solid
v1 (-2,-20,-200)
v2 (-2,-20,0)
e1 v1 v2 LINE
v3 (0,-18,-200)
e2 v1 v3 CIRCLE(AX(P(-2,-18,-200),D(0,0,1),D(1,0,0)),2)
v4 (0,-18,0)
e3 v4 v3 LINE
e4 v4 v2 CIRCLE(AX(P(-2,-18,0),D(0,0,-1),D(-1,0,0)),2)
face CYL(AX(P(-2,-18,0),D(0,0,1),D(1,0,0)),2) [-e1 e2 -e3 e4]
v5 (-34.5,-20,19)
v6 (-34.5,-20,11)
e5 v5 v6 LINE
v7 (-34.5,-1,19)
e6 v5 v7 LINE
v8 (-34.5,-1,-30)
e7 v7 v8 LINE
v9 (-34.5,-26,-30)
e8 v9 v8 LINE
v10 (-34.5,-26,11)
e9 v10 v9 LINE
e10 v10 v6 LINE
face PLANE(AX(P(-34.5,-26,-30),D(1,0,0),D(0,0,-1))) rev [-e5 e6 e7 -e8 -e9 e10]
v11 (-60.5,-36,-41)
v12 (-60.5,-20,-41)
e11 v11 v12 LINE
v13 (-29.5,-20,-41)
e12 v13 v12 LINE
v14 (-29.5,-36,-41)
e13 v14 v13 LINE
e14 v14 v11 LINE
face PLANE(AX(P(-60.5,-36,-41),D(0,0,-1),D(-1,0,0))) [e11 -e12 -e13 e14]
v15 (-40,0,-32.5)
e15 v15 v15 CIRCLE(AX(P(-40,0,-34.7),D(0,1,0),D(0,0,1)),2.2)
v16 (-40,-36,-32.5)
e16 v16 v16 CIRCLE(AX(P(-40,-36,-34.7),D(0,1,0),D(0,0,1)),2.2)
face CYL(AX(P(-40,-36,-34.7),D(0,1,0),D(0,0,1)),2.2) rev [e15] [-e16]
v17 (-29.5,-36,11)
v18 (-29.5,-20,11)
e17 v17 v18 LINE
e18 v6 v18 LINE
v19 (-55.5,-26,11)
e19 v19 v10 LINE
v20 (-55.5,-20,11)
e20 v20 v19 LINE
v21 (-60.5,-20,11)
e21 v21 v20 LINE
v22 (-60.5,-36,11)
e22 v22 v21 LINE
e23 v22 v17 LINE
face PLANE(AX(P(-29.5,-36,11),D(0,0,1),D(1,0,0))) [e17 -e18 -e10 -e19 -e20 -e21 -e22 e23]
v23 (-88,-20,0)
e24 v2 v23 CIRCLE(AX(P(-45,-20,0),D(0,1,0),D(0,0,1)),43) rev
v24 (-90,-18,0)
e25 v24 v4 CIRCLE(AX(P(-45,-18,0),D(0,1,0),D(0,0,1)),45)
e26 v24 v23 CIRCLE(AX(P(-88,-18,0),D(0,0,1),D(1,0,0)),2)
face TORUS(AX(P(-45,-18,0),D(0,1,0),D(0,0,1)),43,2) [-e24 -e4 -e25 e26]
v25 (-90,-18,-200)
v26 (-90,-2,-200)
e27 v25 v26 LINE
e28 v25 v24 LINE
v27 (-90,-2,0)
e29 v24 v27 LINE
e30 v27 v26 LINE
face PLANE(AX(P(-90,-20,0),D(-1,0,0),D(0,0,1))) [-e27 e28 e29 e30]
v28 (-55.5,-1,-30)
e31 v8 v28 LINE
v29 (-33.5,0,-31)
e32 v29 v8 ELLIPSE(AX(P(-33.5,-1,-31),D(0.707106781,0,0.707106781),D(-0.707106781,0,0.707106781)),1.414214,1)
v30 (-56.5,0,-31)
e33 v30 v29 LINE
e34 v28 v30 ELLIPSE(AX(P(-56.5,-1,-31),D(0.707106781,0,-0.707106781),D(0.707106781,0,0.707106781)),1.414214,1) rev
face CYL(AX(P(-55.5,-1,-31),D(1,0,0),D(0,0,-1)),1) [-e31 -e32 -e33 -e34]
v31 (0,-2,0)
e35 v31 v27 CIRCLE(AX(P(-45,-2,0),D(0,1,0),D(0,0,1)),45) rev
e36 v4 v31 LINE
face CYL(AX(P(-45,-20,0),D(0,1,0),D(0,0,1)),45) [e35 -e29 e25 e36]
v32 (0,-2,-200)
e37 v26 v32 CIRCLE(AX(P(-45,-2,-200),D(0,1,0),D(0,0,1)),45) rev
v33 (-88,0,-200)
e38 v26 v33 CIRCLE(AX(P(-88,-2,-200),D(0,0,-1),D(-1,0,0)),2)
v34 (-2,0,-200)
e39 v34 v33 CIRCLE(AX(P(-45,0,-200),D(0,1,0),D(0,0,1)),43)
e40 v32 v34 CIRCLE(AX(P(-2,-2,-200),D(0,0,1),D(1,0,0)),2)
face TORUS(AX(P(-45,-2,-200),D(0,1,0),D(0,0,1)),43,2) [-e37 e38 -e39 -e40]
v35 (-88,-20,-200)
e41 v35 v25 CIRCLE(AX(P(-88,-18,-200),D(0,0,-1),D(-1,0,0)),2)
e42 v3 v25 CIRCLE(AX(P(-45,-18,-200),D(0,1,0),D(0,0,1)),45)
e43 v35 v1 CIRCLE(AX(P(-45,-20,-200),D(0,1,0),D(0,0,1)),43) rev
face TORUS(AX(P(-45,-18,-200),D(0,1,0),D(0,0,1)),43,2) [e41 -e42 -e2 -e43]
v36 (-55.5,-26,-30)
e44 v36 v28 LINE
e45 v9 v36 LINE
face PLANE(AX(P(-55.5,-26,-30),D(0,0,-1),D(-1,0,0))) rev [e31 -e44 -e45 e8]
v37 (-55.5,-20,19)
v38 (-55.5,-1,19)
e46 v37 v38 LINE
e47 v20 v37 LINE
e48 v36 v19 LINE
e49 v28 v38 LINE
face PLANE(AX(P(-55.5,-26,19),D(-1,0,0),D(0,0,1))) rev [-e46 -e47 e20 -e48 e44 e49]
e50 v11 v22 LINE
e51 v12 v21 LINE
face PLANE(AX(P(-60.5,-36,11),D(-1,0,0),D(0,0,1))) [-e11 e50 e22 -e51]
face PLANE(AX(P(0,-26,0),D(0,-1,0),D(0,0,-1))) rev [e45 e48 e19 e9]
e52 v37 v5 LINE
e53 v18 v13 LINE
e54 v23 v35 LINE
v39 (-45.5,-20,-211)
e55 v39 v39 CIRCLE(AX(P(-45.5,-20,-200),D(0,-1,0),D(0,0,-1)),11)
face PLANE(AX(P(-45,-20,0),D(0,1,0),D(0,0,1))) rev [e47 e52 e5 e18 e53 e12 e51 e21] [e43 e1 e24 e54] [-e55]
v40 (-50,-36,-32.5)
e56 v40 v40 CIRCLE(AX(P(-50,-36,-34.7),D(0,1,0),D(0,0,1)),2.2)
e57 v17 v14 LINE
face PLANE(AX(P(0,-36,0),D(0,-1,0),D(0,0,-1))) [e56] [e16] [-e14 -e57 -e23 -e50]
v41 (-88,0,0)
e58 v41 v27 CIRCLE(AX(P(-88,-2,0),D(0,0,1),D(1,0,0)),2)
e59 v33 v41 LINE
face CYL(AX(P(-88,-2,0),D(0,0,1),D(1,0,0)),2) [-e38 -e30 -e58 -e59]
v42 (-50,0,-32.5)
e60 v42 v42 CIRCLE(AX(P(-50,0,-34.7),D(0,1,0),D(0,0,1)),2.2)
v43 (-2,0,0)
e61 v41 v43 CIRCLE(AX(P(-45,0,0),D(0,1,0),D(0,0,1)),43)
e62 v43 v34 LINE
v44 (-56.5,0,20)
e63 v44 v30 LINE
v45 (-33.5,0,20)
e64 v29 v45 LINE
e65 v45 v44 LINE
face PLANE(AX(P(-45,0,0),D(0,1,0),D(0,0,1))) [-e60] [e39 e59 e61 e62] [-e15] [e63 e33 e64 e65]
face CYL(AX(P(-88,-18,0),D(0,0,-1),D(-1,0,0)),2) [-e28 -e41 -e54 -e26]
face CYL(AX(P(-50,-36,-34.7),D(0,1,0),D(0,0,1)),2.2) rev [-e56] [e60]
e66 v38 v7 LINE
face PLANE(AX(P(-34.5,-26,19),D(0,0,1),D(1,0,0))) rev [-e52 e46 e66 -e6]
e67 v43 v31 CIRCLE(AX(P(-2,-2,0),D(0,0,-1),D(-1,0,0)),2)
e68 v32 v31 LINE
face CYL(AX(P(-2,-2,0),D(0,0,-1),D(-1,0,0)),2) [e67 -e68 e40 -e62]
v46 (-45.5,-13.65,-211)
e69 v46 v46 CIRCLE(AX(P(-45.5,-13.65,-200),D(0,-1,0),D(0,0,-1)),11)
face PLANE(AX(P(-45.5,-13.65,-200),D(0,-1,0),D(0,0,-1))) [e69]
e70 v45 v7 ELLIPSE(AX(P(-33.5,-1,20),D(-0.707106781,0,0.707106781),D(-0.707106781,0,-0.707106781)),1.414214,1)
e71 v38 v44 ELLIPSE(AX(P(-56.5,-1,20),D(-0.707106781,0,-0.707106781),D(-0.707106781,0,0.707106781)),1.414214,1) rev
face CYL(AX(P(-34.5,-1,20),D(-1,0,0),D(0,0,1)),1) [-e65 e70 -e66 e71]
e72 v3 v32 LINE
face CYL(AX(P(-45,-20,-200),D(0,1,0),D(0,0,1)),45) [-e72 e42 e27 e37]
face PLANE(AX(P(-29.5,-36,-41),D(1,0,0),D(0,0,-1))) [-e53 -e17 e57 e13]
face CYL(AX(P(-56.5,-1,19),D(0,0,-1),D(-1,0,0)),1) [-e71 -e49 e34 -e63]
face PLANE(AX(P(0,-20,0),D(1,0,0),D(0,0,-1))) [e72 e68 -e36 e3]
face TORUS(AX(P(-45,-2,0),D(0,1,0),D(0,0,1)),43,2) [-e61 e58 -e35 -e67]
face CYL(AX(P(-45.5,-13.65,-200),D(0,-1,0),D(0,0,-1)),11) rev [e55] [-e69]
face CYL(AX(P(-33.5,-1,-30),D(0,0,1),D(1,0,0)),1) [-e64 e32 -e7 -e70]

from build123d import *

# Parameters (mm, degrees)
SKETCH1_R           = 2.2
BOSS_EXTRUDE1_DEPTH = 20
FILLET1_R           = 2
SKETCH4_R           = 11
CUT_EXTRUDE2_DEPTH  = 6.35
SKETCH5_W           = 31
SKETCH5_H           = 52
BOSS_EXTRUDE2_DEPTH = 36
SKETCH7_W           = 21
SKETCH7_H           = 49
CUT_EXTRUDE4_DEPTH  = 26
FILLET2_R           = 1
SKETCH8_R           = 2.2
CUT_EXTRUDE5_DEPTH  = 37


with BuildPart() as part:
    # Sketch1 → Boss-Extrude1 (new body)
    with BuildSketch(Plane(origin=(0, 0, 0), x_dir=(1, 0, 0), z_dir=(0, 1, 0))):
        with BuildLine():
            Line((0, 0), (0, 200))
            ThreePointArc((0, 200), (-45, 245), (-90, 200))
            Line((-90, 200), (-90, 0))
            ThreePointArc((-90, 0), (-45, -45), (0, 0))
        make_face()
        with Locations((-50, 34.589613301)):
            Circle(SKETCH1_R, mode=Mode.SUBTRACT)
        with Locations((-40, 34.589613301)):
            Circle(SKETCH1_R, mode=Mode.SUBTRACT)
    extrude(amount=-BOSS_EXTRUDE1_DEPTH)

    # Fillet1
    fillet1_edges = [part.edges().sort_by_distance(p)[0] for p in [
        (-45, -20, -245),
        (-90, -20, -100),
        (-45, -20, 45),
        (-90, 0, -100),
        (-45, 0, -245),
        (0, 0, -100),
        (-45, 0, 45),
        (0, -20, -100),
    ]]
    fillet(fillet1_edges, radius=FILLET1_R)

    # Sketch4 → Cut-Extrude2 (cut)
    with BuildSketch(Plane.XZ.offset(20)):
        with Locations((-45.5, -200)):
            Circle(SKETCH4_R)
    extrude(amount=-CUT_EXTRUDE2_DEPTH, mode=Mode.SUBTRACT)

    # Sketch5 → Boss-Extrude2 (add)
    with BuildSketch(Plane(origin=(0, 0, 0), x_dir=(1, 0, 0), z_dir=(0, 1, 0))):
        with Locations((-45, 15)):
            Rectangle(SKETCH5_W, SKETCH5_H)
    extrude(amount=-BOSS_EXTRUDE2_DEPTH)

    # Sketch7 → Cut-Extrude4 (cut)
    with BuildSketch(Plane(origin=(0, 0, 0), x_dir=(1, 0, 0), z_dir=(0, 1, 0))):
        with Locations((-45, 5.5)):
            Rectangle(SKETCH7_W, SKETCH7_H)
    extrude(amount=-CUT_EXTRUDE4_DEPTH, mode=Mode.SUBTRACT)

    # Fillet2
    fillet2_edges = [part.edges().sort_by_distance(p)[0] for p in [
        (-45, 0, 19),
        (-34.5, 0, -5.5),
        (-45, 0, -30),
        (-55.5, 0, -5.5),
    ]]
    fillet(fillet2_edges, radius=FILLET2_R)

    # Sketch8 → Cut-Extrude5 (cut, through all)
    with BuildSketch(Plane(origin=(0, 0, 0), x_dir=(1, 0, 0), z_dir=(0, 1, 0))):
        with Locations((-50, 34.7)):
            Circle(SKETCH8_R)
        with Locations((-40, 34.7)):
            Circle(SKETCH8_R)
    extrude(amount=-CUT_EXTRUDE5_DEPTH, mode=Mode.SUBTRACT)


solid = part.part
